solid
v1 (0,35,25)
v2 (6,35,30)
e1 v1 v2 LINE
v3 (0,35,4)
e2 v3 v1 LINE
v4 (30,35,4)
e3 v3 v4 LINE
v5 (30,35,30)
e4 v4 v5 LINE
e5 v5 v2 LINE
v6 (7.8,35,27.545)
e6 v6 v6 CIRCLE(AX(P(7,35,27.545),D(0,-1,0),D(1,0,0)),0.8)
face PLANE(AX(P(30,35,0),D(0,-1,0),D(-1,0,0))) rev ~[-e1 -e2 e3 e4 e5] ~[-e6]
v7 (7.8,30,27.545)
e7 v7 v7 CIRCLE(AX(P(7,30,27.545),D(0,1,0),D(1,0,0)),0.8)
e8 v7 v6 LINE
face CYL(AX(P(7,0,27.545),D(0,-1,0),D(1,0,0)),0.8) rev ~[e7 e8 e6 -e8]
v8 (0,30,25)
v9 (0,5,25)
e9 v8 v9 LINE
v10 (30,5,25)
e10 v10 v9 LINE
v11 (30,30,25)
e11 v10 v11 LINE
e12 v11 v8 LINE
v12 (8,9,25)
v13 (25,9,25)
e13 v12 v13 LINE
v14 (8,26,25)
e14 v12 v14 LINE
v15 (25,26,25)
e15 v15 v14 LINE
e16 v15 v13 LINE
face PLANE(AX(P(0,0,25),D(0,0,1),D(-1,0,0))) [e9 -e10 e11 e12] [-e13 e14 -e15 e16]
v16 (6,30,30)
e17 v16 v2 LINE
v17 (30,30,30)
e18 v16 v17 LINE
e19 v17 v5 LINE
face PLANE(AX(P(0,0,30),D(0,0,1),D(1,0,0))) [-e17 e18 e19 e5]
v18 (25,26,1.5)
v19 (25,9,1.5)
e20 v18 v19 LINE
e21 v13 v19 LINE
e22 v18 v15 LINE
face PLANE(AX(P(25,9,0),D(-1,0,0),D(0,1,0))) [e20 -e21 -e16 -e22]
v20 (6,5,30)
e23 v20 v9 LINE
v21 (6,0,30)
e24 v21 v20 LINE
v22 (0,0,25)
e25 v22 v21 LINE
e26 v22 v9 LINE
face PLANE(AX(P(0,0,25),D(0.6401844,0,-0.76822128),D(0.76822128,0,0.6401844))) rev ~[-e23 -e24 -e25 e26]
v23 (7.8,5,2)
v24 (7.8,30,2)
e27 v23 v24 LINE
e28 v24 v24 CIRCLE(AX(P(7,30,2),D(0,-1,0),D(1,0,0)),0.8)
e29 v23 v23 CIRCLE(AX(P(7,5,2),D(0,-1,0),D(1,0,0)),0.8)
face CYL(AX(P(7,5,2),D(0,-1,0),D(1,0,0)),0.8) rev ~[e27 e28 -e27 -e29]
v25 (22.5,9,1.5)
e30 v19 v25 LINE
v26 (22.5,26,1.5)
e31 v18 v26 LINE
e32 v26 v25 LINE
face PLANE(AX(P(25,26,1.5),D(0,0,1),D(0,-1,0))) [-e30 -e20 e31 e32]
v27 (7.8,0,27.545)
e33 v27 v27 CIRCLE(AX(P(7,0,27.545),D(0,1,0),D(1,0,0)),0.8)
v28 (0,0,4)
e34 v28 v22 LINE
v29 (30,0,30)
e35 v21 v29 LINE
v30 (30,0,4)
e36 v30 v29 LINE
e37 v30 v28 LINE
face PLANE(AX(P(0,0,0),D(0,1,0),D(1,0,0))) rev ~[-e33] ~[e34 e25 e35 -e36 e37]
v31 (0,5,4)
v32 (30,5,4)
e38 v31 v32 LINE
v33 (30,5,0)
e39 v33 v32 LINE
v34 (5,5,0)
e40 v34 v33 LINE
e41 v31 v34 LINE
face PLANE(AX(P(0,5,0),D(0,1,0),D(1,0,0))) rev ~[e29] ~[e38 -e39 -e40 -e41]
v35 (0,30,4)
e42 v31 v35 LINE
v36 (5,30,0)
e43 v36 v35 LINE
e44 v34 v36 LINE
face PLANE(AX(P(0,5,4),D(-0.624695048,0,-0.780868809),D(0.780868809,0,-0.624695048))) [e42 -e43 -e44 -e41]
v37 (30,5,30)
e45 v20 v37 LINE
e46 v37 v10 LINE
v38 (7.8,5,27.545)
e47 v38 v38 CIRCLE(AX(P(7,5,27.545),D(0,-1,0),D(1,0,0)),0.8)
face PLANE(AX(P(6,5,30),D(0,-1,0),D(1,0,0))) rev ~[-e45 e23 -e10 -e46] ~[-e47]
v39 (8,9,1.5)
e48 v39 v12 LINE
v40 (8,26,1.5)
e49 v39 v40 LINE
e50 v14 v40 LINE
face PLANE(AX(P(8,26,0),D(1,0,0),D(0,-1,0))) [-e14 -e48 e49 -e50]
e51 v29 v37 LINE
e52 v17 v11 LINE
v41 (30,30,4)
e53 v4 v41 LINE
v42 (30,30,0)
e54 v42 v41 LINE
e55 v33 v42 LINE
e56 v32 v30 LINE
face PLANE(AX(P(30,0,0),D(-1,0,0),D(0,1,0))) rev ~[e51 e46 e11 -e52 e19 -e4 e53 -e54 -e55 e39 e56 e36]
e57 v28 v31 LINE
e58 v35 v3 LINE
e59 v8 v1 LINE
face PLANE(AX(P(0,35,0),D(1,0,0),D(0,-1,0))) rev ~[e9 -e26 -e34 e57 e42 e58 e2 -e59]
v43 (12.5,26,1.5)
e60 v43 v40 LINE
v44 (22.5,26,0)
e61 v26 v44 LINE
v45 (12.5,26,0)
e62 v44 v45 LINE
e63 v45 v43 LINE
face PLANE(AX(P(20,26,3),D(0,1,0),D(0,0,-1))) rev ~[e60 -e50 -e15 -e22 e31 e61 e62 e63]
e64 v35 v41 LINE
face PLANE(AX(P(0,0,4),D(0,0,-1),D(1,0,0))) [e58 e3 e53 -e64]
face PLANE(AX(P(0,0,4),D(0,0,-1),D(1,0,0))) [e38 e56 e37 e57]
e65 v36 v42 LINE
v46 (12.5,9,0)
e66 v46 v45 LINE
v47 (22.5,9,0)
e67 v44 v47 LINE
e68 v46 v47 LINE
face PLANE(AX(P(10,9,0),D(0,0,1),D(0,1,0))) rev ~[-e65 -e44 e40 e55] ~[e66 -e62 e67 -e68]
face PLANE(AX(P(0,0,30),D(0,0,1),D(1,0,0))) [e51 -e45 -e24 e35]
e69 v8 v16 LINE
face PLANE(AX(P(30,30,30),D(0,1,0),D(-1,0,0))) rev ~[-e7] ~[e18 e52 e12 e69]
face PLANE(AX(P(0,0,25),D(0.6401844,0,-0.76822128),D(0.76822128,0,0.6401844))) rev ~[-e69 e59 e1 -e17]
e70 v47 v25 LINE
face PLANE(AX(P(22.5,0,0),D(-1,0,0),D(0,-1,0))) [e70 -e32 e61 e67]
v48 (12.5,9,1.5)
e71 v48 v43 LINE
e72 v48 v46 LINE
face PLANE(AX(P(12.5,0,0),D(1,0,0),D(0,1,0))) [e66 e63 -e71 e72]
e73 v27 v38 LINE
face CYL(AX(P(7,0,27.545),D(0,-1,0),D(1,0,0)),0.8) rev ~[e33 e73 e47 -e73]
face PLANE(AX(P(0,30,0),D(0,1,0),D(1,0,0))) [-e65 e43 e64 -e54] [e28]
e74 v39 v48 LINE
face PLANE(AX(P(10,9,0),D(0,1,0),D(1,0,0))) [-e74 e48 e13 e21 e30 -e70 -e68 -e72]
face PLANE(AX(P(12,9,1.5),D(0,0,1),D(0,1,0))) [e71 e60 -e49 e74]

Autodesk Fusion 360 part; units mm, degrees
sketch "Sketch1" plane through (0, 0, 0) normal (0, 0, 1) x (1, 0, 0)
  line L0 (0, 0) -> (30, 0)
  line L1 (30, 0) -> (30, 35)
  line L2 (30, 35) -> (0, 35)
  line L3 (0, 35) -> (0, 0)
  dimension "d1" = 30
  dimension "d2" = 35
extrude "Extrude1" add sketch "Sketch1" along normal blind 30
sketch "Sketch2" plane through (0, 0, 0) normal (0, 0, -1) x (1, 0, 0)
  line L0 (0, 0) -> (0, -35)
  line L1 (0, -35) -> (30, -35)
  line L2 (30, -35) -> (30, 0)
  line L3 (30, 0) -> (0, 0)
  line L4 (30, 0) -> (0, 0)
  line L5 (0, 0) -> (0, -5)
  line L6 (0, -5) -> (30, -5)
  line L7 (30, -5) -> (30, 0)
  line L8 (30, -35) -> (0, -35)
  line L9 (0, -35) -> (0, -30)
  line L10 (0, -30) -> (30, -30)
  line L11 (30, -30) -> (30, -35)
extrude "Extrude2" cut sketch "Sketch2" against normal blind 4 contours L0 L2 L3 L4 L5 L6 L7 | L0 L1 L2 L8 L9 L10 L11
sketch "Sketch3" plane through (0, 5, 0) normal (0, -1, 0) x (1, 0, 0)
  line L0 (0, 0) -> (30, 0)
  line L1 (30, 0) -> (30, 4)
  line L2 (30, 4) -> (0, 4)
  line L3 (0, 4) -> (0, 0)
  line L4 (0, 4) -> (5, 0)
extrude "Extrude3" cut sketch "Sketch3" against normal blind 100 contours L0 L3 L4
sketch "Sketch4" plane through (0, 5, 0) normal (0, -1, 0) x (1, 0, 0)
  line L0 (0, 4) -> (5, 0)
  line L1 (5, 0) -> (30, 0)
  line L2 (30, 0) -> (30, 4)
  line L3 (30, 4) -> (0, 4)
  circle A0 centre (7, 2.5) radius 1
  dimension "d9" = 2
sketch "Sketch5" plane through (0, 0, 0) normal (0, 0, -1) x (1, 0, 0)
  line L0 (5, -5) -> (5, -30)
  line L1 (5, -30) -> (30, -30)
  line L2 (30, -30) -> (30, -5)
  line L3 (30, -5) -> (5, -5)
  line L4 (25, -26) -> (10, -26)
  line L5 (10, -26) -> (10, -9)
  line L6 (10, -9) -> (25, -9)
  line L7 (25, -9) -> (25, -26)
extrude "Extrude5" cut sketch "Sketch5" against normal blind 100 contours L4 L5 L6 L7
sketch "Sketch6" plane through (25, 0, 0) normal (-1, 0, 0) x (0, -1, 0)
  line L0 (-9, 30) -> (-26, 30)
  line L1 (-26, 30) -> (-26, 0)
  line L2 (-26, 0) -> (-9, 0)
  line L3 (-9, 0) -> (-9, 30)
  line L4 (-9, 0) -> (-26, 0)
  line L5 (-26, 0) -> (-26, 3)
  line L6 (-26, 3) -> (-9, 3)
  line L7 (-9, 3) -> (-9, 0)
  dimension "d14" = 17
  dimension "d15" = 3
extrude "Extrude6" add sketch "Sketch6" along normal blind 5 contours L1 L2 L3 L4 L5 L6 L7
sketch "Sketch7" plane through (0, 0, 0) normal (0, -1, 0) x (1, 0, 0)
  line L0 (0, 4) -> (30, 4)
  line L1 (30, 4) -> (30, 30)
  line L2 (30, 30) -> (0, 30)
  line L3 (0, 30) -> (0, 4)
  line L4 (0, 25) -> (6, 30)
extrude "Extrude7" cut sketch "Sketch7" against normal blind 100 contours L2 L3 L4
sketch "Sketch8" plane through (0, 0, 30) normal (0, 0, 1) x (-1, 0, 0)
  line L0 (-6, -35) -> (-6, 0)
  line L1 (-6, 0) -> (-30, 0)
  line L2 (-30, 0) -> (-30, -35)
  line L3 (-30, -35) -> (-6, -35)
  line L4 (-10, -9) -> (-10, -26)
  line L5 (-10, -26) -> (-25, -26)
  line L6 (-25, -26) -> (-25, -9)
  line L7 (-25, -9) -> (-10, -9)
  line L8 (-30, -30) -> (0, -30)
  line L9 (0, -30) -> (0, -5)
  line L10 (0, -5) -> (-30, -5)
  line L11 (-30, -5) -> (-30, -30)
extrude "Extrude8" cut sketch "Sketch8" against normal blind 5 contours L0 L2 L8 L10 L11 | L0 L8 L9 L10
sketch "Sketch9" plane through (0, 5, 0) normal (0, -1, 0) x (1, 0, 0)
  line L0 (0, 4) -> (5, 0)
  line L1 (5, 0) -> (30, 0)
  line L2 (30, 0) -> (30, 4)
  line L3 (30, 4) -> (0, 4)
  circle A0 centre (7, 2) radius 0.8
  dimension "d22" = 1.6
extrude "Extrude9" cut sketch "Sketch9" against normal blind 100 contours A0
sketch "Sketch10" plane through (0, 0, 0) normal (0, -1, 0) x (1, 0, 0)
  line L0 (6, 30) -> (0, 25)
  line L1 (0, 25) -> (0, 4)
  line L2 (0, 4) -> (30, 4)
  line L3 (30, 4) -> (30, 30)
  line L4 (30, 30) -> (6, 30)
  circle A0 centre (7, 28.5) radius 0.8
  dimension "d25" = 1.6
sketch "Sketch11" plane through (0, 0, 0) normal (0, -1, 0) x (1, 0, 0)
  line L0 (6, 30) -> (0, 25)
  line L1 (0, 25) -> (0, 4)
  line L2 (0, 4) -> (30, 4)
  line L3 (30, 4) -> (30, 30)
  line L4 (30, 30) -> (6, 30)
  circle A0 centre (7, 27.545) radius 0.8
  line L5 (7, 27.545) -> (7, 1)
  dimension "d28" = 1.6
  dimension "d29" = 7
  dimension "d30" = 2.455
extrude "Extrude11" cut sketch "Sketch11" against normal blind 100 contours A0
sketch "Sketch12" plane through (10, 0, 0) normal (1, 0, 0) x (0, 1, 0)
  line L0 (26, 25) -> (9, 25)
  line L1 (9, 25) -> (9, 0)
  line L2 (9, 0) -> (26, 0)
  line L3 (26, 0) -> (26, 25)
  line L4 (26, 0) -> (9, 0)
  line L5 (9, 0) -> (9, 3)
  line L6 (9, 3) -> (26, 3)
  line L7 (26, 3) -> (26, 0)
  dimension "d33" = 17
  dimension "d34" = 3
extrude "Extrude12" add sketch "Sketch12" along normal blind 2 contours L1 L2 L3 L4 L5 L6 L7
extrude "Extrude13" cut 1 faces at (20, 20.3333, 1) along direction (1, 0, 0) blind 2.5
extrude "Extrude14" cut 1 faces at (24.1667, 20.3333, 3) along direction (0, 0, -1) blind 1
extrude "Extrude15" cut 1 faces at (10.6667, 14.6667, 3) along direction (0, 0, -1) blind 1
extrude "Extrude16" cut 2 faces at (10.6667, 14.6667, 2) (24.1667, 20.3333, 2) along direction (0, 0, -1) blind 0.5
extrude "Extrude17" add 1 faces at (12, 14.6667, 0.5) along direction (1, 0, 0) blind 0.5
extrude "Extrude18" cut 1 faces at (10, 20.3333, 9.8333) along direction (-1, 0, 0) blind 2
